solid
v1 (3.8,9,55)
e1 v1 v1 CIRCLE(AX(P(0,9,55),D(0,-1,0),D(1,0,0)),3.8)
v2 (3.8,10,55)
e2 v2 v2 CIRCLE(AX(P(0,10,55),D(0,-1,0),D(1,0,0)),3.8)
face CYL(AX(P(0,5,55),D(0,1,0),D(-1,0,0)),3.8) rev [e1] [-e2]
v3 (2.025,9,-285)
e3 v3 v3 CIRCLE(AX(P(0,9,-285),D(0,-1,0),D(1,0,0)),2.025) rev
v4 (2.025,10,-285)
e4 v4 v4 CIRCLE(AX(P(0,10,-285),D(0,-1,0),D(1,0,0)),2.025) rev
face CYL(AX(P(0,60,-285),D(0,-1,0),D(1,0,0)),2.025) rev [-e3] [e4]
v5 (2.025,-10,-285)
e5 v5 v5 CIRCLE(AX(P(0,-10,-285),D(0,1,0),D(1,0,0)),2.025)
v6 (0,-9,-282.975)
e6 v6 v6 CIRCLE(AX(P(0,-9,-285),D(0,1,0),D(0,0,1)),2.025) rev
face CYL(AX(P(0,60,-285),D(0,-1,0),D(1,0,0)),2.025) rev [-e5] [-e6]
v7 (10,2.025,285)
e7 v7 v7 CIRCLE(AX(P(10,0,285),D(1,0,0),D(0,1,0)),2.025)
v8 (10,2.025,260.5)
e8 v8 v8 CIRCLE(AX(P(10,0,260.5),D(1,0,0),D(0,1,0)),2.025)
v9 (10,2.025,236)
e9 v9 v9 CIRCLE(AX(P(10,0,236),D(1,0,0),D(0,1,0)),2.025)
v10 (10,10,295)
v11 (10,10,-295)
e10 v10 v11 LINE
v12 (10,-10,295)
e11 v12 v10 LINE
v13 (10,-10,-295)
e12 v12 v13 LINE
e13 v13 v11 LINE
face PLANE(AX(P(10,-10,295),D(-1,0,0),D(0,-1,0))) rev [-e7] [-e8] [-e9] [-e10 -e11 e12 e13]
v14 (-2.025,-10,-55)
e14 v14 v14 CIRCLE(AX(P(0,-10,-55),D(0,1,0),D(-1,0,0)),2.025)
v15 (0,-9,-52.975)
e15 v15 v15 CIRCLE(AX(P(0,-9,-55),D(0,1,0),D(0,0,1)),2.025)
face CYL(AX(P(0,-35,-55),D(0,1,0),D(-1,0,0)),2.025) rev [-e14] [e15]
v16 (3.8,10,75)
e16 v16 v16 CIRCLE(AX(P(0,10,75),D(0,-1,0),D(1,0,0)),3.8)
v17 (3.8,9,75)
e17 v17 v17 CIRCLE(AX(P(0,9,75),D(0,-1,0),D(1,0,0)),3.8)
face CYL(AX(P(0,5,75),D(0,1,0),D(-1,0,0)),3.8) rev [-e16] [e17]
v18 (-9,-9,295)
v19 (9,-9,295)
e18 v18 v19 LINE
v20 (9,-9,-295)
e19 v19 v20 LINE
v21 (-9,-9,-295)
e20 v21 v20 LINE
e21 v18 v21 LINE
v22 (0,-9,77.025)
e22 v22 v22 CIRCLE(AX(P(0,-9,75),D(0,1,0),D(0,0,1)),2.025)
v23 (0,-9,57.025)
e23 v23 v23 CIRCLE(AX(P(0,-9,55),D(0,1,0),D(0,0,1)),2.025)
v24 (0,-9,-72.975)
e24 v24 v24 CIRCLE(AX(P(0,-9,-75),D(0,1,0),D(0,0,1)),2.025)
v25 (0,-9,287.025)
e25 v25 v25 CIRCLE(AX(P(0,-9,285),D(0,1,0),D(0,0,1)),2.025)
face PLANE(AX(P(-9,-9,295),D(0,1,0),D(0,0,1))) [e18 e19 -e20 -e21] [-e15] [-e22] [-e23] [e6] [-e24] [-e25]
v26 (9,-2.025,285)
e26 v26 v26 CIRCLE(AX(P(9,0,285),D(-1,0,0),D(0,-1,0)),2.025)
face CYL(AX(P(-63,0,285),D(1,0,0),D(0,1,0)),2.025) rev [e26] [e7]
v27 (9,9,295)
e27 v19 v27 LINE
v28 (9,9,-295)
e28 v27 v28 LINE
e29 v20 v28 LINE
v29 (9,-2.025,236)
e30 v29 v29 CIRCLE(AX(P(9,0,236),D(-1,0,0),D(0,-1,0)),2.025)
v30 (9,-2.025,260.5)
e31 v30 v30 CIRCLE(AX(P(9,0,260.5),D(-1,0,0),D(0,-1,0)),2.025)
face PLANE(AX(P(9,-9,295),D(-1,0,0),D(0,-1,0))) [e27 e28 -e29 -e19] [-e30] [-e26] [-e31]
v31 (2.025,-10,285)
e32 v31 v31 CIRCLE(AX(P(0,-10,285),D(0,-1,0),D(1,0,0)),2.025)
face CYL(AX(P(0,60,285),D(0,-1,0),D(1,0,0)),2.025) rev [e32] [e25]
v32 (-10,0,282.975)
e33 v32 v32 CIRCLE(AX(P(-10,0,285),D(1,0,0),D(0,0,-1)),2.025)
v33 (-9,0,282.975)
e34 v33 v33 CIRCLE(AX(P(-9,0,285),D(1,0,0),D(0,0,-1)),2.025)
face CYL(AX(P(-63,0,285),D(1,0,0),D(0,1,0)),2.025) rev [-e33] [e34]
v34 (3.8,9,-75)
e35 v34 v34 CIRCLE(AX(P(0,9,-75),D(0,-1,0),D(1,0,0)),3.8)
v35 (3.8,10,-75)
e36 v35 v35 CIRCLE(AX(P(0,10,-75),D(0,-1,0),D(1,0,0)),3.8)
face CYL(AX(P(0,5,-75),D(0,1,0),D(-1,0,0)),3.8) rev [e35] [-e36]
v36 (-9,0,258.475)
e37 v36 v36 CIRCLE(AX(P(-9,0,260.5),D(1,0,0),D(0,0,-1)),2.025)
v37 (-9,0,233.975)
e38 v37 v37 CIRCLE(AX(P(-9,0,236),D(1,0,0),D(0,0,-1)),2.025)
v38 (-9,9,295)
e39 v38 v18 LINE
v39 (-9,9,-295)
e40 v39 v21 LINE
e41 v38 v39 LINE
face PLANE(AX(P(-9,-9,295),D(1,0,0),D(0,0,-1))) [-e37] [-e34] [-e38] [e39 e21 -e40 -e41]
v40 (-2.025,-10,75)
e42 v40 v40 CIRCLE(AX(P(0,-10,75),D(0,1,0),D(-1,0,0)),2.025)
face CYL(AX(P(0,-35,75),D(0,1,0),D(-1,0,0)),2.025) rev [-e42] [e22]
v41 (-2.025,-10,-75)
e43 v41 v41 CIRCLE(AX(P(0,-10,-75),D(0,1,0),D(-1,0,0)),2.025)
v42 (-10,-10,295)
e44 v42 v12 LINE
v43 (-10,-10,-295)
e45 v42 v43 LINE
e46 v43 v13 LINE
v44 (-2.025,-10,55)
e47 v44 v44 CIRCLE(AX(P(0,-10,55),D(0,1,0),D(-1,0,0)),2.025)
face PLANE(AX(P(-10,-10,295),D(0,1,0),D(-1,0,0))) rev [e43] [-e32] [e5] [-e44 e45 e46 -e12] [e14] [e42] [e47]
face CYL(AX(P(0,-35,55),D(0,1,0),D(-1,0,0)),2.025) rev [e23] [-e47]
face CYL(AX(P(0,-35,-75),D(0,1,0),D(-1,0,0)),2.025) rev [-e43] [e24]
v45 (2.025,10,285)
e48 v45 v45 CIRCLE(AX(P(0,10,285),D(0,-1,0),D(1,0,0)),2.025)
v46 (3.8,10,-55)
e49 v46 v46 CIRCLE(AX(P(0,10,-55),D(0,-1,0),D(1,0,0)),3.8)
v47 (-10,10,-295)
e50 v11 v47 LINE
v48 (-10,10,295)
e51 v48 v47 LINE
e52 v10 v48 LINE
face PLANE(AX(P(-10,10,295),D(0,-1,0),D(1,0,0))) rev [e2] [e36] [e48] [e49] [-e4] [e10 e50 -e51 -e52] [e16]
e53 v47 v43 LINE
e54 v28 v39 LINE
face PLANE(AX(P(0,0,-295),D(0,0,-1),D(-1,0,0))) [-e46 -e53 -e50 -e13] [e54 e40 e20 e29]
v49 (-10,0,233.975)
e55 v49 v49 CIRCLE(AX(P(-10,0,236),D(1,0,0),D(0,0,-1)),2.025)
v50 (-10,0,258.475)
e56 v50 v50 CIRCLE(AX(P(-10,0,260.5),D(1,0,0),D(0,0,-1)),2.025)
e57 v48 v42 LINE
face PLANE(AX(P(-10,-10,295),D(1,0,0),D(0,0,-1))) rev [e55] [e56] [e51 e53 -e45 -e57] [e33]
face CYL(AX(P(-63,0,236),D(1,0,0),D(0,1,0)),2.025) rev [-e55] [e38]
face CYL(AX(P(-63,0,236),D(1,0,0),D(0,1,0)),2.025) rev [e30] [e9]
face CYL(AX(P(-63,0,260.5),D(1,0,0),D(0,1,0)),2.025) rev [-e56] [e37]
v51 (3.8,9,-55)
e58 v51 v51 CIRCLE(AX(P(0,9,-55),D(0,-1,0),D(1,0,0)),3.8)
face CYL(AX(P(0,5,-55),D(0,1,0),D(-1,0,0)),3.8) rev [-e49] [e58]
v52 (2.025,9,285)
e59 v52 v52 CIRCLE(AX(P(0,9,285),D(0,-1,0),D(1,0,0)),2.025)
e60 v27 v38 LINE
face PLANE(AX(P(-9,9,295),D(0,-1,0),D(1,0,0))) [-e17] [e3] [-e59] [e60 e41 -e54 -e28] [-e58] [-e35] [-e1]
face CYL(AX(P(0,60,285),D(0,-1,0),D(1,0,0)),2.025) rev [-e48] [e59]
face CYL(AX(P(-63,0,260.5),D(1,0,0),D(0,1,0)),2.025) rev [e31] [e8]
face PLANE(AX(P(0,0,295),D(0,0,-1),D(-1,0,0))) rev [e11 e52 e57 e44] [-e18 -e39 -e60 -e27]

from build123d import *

# Parameters (mm, degrees)
SKETCH_1_W           = 20
SKETCH_1_H           = 20
SKETCH_1_W_2         = 18
SKETCH_1_H_2         = 18
EXTRUDE_1_DEPTH      = 295
SKETCH_2_R           = 2.025
CUT_EXTRUDE_1_DEPTH  = 45
SKETCH_3_R           = 3.8
CUT_EXTRUDE_2_DEPTH  = 5
SKETCH_4_R           = 2.025
CUT_EXTRUDE_3_DEPTH  = 73
SKETCH_15_R          = 2.025
CUT_EXTRUDE_14_DEPTH = 70


with BuildPart() as part:
    # 草图1 → 凸台-拉伸1 (new body, symmetric)
    with BuildSketch(Plane.XY):
        Rectangle(SKETCH_1_W, SKETCH_1_H)
        Rectangle(SKETCH_1_W_2, SKETCH_1_H_2, mode=Mode.SUBTRACT)
    extrude(amount=EXTRUDE_1_DEPTH, both=True)

    # 草图2 → 切除-拉伸1 (cut, symmetric)
    with BuildSketch(Plane(origin=(0, 10, 0), x_dir=(1, 0, 0), z_dir=(0, 1, 0))):
        with Locations((0, -75)):
            Circle(SKETCH_2_R)
        with Locations((0, -55)):
            Circle(SKETCH_2_R)
        with Locations((0, 55)):
            Circle(SKETCH_2_R)
        with Locations((0, 75)):
            Circle(SKETCH_2_R)
    extrude(amount=CUT_EXTRUDE_1_DEPTH, both=True, mode=Mode.SUBTRACT)

    # 草图3 → 切除-拉伸2 (cut, symmetric)
    with BuildSketch(Plane(origin=(0, 10, 0), x_dir=(1, 0, 0), z_dir=(0, 1, 0))):
        with Locations((0, 75)):
            Circle(SKETCH_3_R)
        with Locations((0, 55)):
            Circle(SKETCH_3_R)
        with Locations((0, -55)):
            Circle(SKETCH_3_R)
        with Locations((0, -75)):
            Circle(SKETCH_3_R)
    extrude(amount=CUT_EXTRUDE_2_DEPTH, both=True, mode=Mode.SUBTRACT)

    # 草图4 → 切除-拉伸3 (cut)
    with BuildSketch(Plane(origin=(10, 0, 0), x_dir=(0, 0, -1), z_dir=(1, 0, 0))):
        with Locations((-236, 0)):
            Circle(SKETCH_4_R)
        with Locations((-260.5, 0)):
            Circle(SKETCH_4_R)
        with Locations((-285, 0)):
            Circle(SKETCH_4_R)
    extrude(amount=-CUT_EXTRUDE_3_DEPTH, mode=Mode.SUBTRACT)

    # 草图15 → 切除-拉伸14 (cut)
    with BuildSketch(Plane.XZ.offset(10)):
        with Locations((0, 285)):
            Circle(SKETCH_15_R)
    cut_extrude_14 = extrude(amount=-CUT_EXTRUDE_14_DEPTH, mode=Mode.SUBTRACT)

    # 镜向2: 切除-拉伸14 across plane
    add(cut_extrude_14.mirror(Plane.XY), mode=Mode.SUBTRACT)


solid = part.part
